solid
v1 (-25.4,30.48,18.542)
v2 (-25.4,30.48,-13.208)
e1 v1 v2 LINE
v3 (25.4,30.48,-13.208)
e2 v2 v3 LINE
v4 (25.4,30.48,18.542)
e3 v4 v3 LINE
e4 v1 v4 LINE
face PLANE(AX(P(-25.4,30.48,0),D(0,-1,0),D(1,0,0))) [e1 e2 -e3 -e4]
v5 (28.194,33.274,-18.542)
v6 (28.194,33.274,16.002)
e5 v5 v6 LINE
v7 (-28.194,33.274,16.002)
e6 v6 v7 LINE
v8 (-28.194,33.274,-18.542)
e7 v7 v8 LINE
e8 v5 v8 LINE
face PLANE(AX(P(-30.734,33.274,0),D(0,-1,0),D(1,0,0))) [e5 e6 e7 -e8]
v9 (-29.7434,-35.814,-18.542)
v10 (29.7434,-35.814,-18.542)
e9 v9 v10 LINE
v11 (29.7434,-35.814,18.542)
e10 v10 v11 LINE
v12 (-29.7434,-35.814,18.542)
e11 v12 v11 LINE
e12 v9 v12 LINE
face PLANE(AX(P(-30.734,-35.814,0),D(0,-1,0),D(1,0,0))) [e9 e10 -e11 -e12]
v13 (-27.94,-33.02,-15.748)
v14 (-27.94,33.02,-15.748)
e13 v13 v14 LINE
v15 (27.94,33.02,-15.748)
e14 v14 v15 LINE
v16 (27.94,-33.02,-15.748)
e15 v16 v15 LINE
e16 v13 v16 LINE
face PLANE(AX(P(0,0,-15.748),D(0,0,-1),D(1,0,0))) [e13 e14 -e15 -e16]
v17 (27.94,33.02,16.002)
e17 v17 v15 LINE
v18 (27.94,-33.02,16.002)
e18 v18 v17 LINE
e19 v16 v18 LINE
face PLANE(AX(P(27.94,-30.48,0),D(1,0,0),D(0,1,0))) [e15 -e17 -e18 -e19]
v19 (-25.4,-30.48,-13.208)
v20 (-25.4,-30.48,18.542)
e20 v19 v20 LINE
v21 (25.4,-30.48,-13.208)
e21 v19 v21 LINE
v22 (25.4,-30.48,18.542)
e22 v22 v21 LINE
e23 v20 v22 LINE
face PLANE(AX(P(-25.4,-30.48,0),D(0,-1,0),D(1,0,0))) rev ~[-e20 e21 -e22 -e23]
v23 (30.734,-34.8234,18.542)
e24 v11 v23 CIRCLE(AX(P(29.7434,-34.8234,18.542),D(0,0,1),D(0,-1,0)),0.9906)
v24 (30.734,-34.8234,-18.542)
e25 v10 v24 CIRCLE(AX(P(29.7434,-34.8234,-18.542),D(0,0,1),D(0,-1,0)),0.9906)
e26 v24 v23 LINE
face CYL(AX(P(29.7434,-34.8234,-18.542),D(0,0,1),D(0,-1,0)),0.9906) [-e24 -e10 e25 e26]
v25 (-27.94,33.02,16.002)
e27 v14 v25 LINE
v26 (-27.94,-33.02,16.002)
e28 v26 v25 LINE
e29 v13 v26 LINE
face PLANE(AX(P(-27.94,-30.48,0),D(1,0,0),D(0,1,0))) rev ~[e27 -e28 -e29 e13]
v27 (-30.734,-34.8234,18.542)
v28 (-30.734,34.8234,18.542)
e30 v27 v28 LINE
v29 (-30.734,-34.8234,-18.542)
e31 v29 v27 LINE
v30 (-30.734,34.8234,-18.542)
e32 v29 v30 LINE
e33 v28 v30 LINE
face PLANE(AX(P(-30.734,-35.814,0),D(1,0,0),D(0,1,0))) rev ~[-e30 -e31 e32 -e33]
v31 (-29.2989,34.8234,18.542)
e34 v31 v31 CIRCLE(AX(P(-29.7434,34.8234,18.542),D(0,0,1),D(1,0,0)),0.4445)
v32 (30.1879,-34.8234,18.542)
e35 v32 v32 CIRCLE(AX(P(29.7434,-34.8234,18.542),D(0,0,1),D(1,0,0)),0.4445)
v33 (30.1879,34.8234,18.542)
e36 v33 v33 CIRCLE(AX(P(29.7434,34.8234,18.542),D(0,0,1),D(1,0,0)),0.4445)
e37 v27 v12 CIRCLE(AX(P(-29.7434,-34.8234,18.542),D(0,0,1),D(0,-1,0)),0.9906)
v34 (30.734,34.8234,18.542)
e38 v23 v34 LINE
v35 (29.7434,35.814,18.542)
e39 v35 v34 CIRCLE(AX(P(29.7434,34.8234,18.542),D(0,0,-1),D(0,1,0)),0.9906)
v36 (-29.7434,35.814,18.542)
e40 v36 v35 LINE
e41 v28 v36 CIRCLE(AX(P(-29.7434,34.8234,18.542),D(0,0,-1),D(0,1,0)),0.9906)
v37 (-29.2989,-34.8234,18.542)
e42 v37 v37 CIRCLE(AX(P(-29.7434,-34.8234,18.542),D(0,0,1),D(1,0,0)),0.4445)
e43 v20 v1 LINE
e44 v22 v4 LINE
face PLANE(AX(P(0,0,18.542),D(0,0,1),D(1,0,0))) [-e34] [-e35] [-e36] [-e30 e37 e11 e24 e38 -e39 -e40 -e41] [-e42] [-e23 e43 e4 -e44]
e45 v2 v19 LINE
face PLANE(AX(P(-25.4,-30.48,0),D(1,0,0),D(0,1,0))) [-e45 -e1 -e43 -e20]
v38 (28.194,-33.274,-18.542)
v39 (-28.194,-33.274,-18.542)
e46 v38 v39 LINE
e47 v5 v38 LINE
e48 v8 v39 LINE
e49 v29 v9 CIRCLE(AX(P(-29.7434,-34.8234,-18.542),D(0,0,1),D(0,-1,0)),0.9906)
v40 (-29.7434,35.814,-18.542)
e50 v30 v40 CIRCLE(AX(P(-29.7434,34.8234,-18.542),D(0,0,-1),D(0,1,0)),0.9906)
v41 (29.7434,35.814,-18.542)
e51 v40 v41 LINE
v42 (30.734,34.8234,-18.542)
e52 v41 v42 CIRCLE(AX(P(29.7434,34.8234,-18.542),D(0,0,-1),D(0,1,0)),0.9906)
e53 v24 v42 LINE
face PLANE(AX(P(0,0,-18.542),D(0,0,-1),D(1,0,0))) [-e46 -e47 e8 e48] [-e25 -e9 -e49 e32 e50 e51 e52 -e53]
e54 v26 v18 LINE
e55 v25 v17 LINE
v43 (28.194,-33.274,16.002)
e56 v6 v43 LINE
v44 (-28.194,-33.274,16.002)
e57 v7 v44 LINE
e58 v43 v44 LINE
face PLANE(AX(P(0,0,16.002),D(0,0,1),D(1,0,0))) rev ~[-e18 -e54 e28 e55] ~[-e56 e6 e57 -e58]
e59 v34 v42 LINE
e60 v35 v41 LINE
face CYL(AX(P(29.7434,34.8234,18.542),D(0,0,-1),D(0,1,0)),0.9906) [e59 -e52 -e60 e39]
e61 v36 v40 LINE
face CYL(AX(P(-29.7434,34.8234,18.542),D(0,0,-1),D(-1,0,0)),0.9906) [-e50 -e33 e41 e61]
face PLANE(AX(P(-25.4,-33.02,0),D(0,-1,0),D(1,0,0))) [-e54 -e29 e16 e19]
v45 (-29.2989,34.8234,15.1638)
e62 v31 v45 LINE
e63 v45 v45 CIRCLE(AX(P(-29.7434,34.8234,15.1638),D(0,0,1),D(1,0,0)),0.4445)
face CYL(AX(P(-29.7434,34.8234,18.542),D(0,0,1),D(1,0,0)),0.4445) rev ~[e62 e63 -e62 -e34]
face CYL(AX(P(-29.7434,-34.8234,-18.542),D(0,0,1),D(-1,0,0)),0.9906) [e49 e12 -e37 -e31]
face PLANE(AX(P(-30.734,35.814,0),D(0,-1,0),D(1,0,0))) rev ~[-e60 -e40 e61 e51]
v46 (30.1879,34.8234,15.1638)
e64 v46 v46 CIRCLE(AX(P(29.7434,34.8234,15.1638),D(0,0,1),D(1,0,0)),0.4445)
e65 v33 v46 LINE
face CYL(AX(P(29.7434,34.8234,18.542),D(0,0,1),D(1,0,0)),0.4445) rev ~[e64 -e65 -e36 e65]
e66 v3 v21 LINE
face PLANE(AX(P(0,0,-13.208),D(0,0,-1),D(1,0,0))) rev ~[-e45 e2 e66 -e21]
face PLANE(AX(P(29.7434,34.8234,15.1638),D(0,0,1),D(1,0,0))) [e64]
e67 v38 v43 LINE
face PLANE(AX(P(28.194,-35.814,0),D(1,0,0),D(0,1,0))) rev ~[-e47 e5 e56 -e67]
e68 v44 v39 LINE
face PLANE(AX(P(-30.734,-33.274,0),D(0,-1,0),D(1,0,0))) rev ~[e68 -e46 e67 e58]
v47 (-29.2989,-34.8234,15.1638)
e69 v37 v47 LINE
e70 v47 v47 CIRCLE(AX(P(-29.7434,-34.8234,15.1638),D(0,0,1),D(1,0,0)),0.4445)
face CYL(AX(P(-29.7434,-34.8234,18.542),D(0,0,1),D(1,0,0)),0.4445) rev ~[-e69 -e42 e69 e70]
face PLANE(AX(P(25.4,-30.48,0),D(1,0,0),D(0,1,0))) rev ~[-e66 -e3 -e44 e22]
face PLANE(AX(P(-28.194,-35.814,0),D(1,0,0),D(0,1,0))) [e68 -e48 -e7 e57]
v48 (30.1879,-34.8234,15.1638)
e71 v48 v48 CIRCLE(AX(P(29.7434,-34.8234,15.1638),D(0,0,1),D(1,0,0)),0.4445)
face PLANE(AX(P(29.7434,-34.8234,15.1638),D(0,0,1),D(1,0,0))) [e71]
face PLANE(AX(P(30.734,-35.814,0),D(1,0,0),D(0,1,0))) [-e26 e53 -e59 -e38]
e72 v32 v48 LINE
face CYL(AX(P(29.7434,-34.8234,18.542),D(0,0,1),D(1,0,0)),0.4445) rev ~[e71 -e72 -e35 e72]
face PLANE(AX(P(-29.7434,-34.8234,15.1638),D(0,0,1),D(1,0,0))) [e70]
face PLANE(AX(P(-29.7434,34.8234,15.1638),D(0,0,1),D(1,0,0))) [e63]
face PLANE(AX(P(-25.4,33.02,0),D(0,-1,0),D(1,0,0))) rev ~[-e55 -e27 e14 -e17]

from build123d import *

# Parameters (mm, degrees)
F0_W     = 61.468
F0_H     = 71.628
F0_W_2   = 50.8
F0_H_2   = 60.96
F1_DEPTH = 18.542
F2_W     = 50.8
F2_H     = 60.96
F3_DEPTH = 5.334
F4_R     = 0.9906
F5_T     = -2.54
F6_R     = 0.4445
F7_DEPTH = 3.3782


with BuildPart() as f1:
    # F0 (on Top) → F1 (new body, symmetric)
    with BuildSketch(Plane.XY):
        Rectangle(F0_W, F0_H)
        Rectangle(F0_W_2, F0_H_2, mode=Mode.SUBTRACT)
    extrude(amount=F1_DEPTH, both=True)

    # F2 (on face) → F3 (join)
    with BuildSketch(Plane(origin=(0, 0, -18.542), x_dir=(1, 0, 0), z_dir=(0, 0, -1))):
        Rectangle(F2_W, F2_H)
    extrude(amount=-F3_DEPTH)

    # F4
    f4_edges = [f1.edges().sort_by_distance(p)[0] for p in [
        (-30.734, 35.814, 0),
        (30.734, 35.814, 0),
        (30.734, -35.814, 0),
        (-30.734, -35.814, 0),
    ]]
    fillet(f4_edges, radius=F4_R)

    # F5
    f5_openings = [f1.faces().sort_by_distance(p)[0] for p in [
        (0, 0, -18.542),
    ]]
    offset(amount=F5_T, openings=f5_openings, kind=Kind.INTERSECTION)

    # F6 (on face) → F7 (cut)
    with BuildSketch(Plane.XY.offset(18.542)):
        with Locations((-29.7434, 34.8234)):
            Circle(F6_R)
        with Locations((29.7434, 34.8234)):
            Circle(F6_R)
        with Locations((29.7434, -34.8234)):
            Circle(F6_R)
        with Locations((-29.7434, -34.8234)):
            Circle(F6_R)
    extrude(amount=-F7_DEPTH, mode=Mode.SUBTRACT)


solid = f1.part
